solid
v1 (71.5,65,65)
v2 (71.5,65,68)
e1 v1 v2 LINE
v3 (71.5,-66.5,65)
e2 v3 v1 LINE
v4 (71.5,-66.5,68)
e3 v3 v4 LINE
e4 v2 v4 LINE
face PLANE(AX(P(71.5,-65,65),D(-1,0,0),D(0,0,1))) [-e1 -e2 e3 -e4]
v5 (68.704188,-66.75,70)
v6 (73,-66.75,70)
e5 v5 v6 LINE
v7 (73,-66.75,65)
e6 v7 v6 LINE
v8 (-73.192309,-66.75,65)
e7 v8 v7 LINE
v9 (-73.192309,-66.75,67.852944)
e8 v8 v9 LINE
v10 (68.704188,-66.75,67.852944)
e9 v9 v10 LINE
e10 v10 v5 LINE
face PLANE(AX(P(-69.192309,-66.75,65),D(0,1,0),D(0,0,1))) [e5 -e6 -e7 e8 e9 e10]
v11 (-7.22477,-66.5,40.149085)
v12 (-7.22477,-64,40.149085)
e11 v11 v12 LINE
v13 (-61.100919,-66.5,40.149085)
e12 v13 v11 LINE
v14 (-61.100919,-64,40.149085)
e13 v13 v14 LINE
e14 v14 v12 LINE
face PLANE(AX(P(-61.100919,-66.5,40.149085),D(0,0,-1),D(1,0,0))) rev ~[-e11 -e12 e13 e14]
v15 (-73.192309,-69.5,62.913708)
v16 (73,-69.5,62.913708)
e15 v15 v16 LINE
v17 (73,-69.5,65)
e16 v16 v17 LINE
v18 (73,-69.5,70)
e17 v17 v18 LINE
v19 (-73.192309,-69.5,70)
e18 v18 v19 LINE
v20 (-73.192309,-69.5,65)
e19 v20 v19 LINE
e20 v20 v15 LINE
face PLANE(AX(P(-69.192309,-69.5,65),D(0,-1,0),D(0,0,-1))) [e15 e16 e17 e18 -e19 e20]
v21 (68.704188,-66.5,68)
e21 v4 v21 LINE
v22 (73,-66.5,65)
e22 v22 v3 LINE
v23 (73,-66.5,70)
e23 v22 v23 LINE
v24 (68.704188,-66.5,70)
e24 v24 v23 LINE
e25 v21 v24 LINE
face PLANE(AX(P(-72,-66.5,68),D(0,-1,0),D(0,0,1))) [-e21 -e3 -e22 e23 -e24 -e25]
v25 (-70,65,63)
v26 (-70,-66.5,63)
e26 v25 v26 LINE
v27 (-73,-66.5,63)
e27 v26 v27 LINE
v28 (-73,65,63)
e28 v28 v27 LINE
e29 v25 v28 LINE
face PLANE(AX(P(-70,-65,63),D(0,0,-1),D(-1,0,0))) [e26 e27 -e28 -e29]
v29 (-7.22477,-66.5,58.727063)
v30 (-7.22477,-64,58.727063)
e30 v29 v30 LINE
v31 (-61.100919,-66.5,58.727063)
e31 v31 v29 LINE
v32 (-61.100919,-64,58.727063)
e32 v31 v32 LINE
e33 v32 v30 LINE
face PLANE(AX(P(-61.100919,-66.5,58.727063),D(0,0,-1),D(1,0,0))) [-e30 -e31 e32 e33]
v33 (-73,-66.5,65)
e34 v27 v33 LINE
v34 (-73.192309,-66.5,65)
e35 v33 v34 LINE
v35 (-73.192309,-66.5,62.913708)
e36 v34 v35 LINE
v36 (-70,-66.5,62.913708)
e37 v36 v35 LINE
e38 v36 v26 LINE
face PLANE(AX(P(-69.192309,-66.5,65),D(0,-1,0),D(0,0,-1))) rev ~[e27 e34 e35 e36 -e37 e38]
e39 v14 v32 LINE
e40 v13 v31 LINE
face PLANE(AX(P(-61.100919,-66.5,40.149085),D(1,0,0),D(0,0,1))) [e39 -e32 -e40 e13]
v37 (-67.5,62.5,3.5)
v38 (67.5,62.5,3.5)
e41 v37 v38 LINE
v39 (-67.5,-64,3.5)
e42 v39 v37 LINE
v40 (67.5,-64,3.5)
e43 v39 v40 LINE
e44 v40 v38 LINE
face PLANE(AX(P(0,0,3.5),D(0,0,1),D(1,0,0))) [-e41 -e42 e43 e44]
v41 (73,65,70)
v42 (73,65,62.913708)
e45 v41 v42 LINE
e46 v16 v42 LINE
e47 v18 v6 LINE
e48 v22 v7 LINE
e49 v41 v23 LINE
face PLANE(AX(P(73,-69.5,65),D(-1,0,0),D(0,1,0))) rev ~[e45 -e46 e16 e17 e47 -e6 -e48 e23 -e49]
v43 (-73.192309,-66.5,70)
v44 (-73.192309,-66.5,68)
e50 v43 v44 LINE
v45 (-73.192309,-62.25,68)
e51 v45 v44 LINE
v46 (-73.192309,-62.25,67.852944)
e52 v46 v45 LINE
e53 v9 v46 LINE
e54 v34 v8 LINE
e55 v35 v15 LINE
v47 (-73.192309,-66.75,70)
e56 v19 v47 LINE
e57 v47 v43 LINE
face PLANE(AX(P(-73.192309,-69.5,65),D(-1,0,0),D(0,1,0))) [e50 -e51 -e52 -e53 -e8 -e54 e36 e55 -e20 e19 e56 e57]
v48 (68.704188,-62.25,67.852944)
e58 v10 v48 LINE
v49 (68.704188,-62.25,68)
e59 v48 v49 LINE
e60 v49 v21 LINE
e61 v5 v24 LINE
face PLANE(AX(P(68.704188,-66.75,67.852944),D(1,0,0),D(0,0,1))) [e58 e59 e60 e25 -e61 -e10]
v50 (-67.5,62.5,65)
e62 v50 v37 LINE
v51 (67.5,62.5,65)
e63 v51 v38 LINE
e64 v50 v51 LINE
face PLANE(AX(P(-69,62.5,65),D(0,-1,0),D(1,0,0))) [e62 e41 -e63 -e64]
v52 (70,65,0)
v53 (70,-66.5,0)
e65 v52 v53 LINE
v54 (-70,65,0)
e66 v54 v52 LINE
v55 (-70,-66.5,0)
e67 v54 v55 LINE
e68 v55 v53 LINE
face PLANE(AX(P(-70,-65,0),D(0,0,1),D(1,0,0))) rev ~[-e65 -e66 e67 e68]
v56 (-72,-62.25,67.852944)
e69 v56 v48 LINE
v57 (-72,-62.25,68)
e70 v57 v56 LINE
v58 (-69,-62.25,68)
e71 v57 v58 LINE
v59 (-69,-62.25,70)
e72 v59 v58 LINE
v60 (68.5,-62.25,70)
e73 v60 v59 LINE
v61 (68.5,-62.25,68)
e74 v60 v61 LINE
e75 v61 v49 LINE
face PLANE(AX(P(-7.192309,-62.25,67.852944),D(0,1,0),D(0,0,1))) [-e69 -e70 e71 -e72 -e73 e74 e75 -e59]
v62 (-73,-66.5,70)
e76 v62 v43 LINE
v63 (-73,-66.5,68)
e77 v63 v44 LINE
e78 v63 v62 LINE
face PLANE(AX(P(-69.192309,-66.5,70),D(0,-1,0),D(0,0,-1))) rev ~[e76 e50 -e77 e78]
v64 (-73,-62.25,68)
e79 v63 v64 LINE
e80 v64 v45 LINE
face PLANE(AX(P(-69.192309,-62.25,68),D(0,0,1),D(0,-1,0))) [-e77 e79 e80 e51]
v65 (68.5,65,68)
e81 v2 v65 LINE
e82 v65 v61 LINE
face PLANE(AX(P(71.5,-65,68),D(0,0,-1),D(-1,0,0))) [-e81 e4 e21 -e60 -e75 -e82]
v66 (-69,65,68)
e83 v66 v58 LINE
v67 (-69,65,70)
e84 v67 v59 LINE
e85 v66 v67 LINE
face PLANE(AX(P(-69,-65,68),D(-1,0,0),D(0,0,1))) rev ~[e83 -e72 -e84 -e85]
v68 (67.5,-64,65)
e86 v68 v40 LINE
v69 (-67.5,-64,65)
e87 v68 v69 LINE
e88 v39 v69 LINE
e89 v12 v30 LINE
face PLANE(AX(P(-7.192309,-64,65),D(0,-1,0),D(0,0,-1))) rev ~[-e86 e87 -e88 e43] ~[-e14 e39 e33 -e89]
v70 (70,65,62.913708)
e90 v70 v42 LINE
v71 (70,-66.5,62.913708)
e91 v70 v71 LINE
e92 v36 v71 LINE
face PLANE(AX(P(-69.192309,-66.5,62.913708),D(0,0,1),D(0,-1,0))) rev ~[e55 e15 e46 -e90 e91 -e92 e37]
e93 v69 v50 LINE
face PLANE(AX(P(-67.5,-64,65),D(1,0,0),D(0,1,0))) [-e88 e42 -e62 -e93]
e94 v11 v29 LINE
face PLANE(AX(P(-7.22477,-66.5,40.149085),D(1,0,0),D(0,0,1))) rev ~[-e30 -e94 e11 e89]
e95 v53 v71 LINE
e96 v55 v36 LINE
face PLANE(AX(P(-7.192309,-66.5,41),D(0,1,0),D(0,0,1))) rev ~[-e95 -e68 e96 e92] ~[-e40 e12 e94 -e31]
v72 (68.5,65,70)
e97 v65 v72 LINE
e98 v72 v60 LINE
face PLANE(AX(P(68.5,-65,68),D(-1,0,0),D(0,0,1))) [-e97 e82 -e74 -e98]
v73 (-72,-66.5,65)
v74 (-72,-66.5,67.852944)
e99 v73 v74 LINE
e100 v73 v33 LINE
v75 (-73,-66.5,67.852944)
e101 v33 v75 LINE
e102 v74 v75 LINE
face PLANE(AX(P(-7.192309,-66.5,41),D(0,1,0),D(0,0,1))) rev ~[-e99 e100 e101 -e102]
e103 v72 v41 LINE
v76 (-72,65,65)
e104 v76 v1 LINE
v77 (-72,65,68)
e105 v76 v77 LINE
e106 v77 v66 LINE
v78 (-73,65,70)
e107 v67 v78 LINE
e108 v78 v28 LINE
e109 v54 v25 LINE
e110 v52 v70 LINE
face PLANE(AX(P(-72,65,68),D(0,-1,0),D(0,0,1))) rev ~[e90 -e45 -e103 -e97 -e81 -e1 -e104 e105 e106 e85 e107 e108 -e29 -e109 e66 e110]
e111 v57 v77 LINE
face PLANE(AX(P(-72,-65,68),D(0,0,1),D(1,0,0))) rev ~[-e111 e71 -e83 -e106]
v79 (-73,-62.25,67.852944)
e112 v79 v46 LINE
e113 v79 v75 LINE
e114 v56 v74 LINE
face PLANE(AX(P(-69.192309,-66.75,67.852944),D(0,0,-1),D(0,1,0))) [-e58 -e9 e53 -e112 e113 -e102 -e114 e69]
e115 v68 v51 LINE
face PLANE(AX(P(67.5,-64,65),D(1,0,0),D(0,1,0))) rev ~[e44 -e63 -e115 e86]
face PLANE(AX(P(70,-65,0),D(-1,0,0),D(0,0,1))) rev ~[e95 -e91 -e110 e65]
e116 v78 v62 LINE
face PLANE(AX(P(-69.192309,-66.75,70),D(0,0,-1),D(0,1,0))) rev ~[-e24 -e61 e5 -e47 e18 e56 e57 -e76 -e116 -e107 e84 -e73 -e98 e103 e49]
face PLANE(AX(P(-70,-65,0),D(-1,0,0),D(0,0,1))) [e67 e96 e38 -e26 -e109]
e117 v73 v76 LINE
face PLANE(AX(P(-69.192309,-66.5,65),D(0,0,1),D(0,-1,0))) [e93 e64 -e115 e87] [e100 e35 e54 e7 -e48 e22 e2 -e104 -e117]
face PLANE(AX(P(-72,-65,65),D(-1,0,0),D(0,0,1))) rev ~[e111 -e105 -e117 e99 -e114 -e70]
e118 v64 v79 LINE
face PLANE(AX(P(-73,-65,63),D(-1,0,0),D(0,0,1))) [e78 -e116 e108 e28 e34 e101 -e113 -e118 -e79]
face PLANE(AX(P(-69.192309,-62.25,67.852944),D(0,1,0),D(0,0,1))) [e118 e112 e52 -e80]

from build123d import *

# Parameters (mm, degrees)
F0_W      = 140
F0_H      = 130
F1_DEPTH  = 65
F2_W      = 138
F2_H      = 128
F3_DEPTH  = 63
F4_W      = 60
F4_H      = 20
F5_DEPTH  = 25
F7_W      = 130
F7_H      = 2.0862916112
F8_DEPTH  = 3
F9_W      = 1.5
F9_H      = 130
F10_DEPTH = 5
F11_W     = 130
F11_H     = 2
F12_DEPTH = 3
F13_W     = 130
F13_H     = 2
F14_DEPTH = 3
F15_W     = 1
F15_H     = 130
F16_DEPTH = 5
F17_W     = 130
F17_H     = 2
F18_DEPTH = 3
F19_DEPTH = 1.5
F20_DEPTH = 1.5
F21_DEPTH = 1.5
F22_DEPTH = 1.5
F23_DEPTH = 1.5
F25_DEPTH = 3
F26_W     = 80.1923086047
F26_H     = 2.75
F27_DEPTH = 5
F28_W     = 75.8964964747
F28_H     = 2.1470558643
F29_DEPTH = 4.5
F30_W     = 59.895
F30_H     = 4
F31_DEPTH = 3
F32_DEPTH = 62
F33_W     = 53.8761485368
F33_H     = 18.5779780149
F34_DEPTH = 3
F35_DEPTH = 4


with BuildPart() as f1:
    # F0 (on Top) → F1 (new body)
    with BuildSketch(Plane.XY):
        Rectangle(F0_W, F0_H)
    extrude(amount=F1_DEPTH)

    # F2 (on face) → F3 (cut)
    with BuildSketch(Plane.XY.offset(65)):
        Rectangle(F2_W, F2_H)
    extrude(amount=-F3_DEPTH, mode=Mode.SUBTRACT)

    # F4 (on face) → F5 (cut)
    with BuildSketch(Plane.XZ.offset(65)):
        with Locations((-37.1923086047, 55)):
            Rectangle(F4_W, F4_H)
    extrude(amount=-F5_DEPTH, mode=Mode.SUBTRACT)

    # F7 (on face) → F8 (join)
    with BuildSketch(Plane.YZ.offset(70)):
        with Locations((0, 63.9568541944)):
            Rectangle(F7_W, F7_H)
    extrude(amount=F8_DEPTH)

    # F9 (on face) → F10 (join)
    with BuildSketch(Plane.XY.offset(65)):
        with Locations((72.25, 0)):
            Rectangle(F9_W, F9_H)
    extrude(amount=F10_DEPTH)

    # F11 (on face) → F12 (join)
    with BuildSketch(Plane(origin=(71.5, 0, 0), x_dir=(0, -1, 0), z_dir=(-1, 0, 0))):
        with Locations((0, 69)):
            Rectangle(F11_W, F11_H)
    extrude(amount=F12_DEPTH)

    # F13 (on face) → F14 (join)
    with BuildSketch(Plane(origin=(-70, 0, 0), x_dir=(0, -1, 0), z_dir=(-1, 0, 0))):
        with Locations((0, 64)):
            Rectangle(F13_W, F13_H)
    extrude(amount=F14_DEPTH)

    # F15 (on face) → F16 (join)
    with BuildSketch(Plane.XY.offset(65)):
        with Locations((-72.5, 0)):
            Rectangle(F15_W, F15_H)
    extrude(amount=F16_DEPTH)

    # F17 (on face) → F18 (join)
    with BuildSketch(Plane.YZ.offset(-72)):
        with Locations((0, 69)):
            Rectangle(F17_W, F17_H)
    extrude(amount=F18_DEPTH)

    # F19 (add): a face of the model
    f19_faces = [f1.faces().sort_by_distance(p)[0] for p in [
        (5.6478539393, -65, 29.2570369854),
    ]]
    extrude(f19_faces, amount=F19_DEPTH)

    # F20 (add): a face of the model
    f20_faces = [f1.faces().sort_by_distance(p)[0] for p in [
        (0, 64, 33.5),
    ]]
    extrude(f20_faces, amount=F20_DEPTH)

    # F21 (add): a face of the model
    f21_faces = [f1.faces().sort_by_distance(p)[0] for p in [
        (-69, -0.75, 33.5),
    ]]
    extrude(f21_faces, amount=F21_DEPTH)

    # F22 (add): a face of the model
    f22_faces = [f1.faces().sort_by_distance(p)[0] for p in [
        (0.75, -0.75, 2),
    ]]
    extrude(f22_faces, amount=F22_DEPTH)

    # F23 (add): a face of the model
    f23_faces = [f1.faces().sort_by_distance(p)[0] for p in [
        (69, -0.75, 34.25),
    ]]
    extrude(f23_faces, amount=F23_DEPTH)

    # F24 (on face) → F25 (join)
    with BuildSketch(Plane.XZ.offset(66.5)):
        Polygon((70, 62.9137083888), (73, 62.9137083888), (73, 65), (71.5, 65), (-7.1923086047, 65), (-7.1923086047, 62.9137083888), align=None)
    extrude(amount=F25_DEPTH)

    # F26 (on face) → F27 (join)
    with BuildSketch(Plane.XY.offset(65)):
        with Locations((32.9038456976, -68.125)):
            Rectangle(F26_W, F26_H)
    extrude(amount=F27_DEPTH)

    # F28 (on face) → F29 (join)
    with BuildSketch(Plane(origin=(0, -66.75, 0), x_dir=(-1, 0, 0), z_dir=(0, 1, 0))):
        with Locations((-30.7559396327, 68.9264720678)):
            Rectangle(F28_W, F28_H)
    extrude(amount=F29_DEPTH)

    # F30 (on face) → F31 (cut)
    with BuildSketch(Plane.XZ.offset(66.5)):
        with Locations((-37.1398086047, 43)):
            Rectangle(F30_W, F30_H)
    extrude(amount=-F31_DEPTH, mode=Mode.SUBTRACT)

    # F32 (add): a face of the model
    f32_faces = [f1.faces().sort_by_distance(p)[0] for p in [
        (-7.1923086047, -65.8019850182, 57.704218208),
    ]]
    extrude(f32_faces, amount=F32_DEPTH)

    # F33 (on face) → F34 (cut)
    with BuildSketch(Plane.XZ.offset(66.5)):
        with Locations((-34.1628445312, 49.4380742311)):
            Rectangle(F33_W, F33_H)
    extrude(amount=-F34_DEPTH, mode=Mode.SUBTRACT)

    # F35 (add): a face of the model
    f35_faces = [f1.faces().sort_by_distance(p)[0] for p in [
        (-69.1923086047, -67.9393083677, 66.5012630043),
    ]]
    extrude(f35_faces, amount=F35_DEPTH)


solid = f1.part
